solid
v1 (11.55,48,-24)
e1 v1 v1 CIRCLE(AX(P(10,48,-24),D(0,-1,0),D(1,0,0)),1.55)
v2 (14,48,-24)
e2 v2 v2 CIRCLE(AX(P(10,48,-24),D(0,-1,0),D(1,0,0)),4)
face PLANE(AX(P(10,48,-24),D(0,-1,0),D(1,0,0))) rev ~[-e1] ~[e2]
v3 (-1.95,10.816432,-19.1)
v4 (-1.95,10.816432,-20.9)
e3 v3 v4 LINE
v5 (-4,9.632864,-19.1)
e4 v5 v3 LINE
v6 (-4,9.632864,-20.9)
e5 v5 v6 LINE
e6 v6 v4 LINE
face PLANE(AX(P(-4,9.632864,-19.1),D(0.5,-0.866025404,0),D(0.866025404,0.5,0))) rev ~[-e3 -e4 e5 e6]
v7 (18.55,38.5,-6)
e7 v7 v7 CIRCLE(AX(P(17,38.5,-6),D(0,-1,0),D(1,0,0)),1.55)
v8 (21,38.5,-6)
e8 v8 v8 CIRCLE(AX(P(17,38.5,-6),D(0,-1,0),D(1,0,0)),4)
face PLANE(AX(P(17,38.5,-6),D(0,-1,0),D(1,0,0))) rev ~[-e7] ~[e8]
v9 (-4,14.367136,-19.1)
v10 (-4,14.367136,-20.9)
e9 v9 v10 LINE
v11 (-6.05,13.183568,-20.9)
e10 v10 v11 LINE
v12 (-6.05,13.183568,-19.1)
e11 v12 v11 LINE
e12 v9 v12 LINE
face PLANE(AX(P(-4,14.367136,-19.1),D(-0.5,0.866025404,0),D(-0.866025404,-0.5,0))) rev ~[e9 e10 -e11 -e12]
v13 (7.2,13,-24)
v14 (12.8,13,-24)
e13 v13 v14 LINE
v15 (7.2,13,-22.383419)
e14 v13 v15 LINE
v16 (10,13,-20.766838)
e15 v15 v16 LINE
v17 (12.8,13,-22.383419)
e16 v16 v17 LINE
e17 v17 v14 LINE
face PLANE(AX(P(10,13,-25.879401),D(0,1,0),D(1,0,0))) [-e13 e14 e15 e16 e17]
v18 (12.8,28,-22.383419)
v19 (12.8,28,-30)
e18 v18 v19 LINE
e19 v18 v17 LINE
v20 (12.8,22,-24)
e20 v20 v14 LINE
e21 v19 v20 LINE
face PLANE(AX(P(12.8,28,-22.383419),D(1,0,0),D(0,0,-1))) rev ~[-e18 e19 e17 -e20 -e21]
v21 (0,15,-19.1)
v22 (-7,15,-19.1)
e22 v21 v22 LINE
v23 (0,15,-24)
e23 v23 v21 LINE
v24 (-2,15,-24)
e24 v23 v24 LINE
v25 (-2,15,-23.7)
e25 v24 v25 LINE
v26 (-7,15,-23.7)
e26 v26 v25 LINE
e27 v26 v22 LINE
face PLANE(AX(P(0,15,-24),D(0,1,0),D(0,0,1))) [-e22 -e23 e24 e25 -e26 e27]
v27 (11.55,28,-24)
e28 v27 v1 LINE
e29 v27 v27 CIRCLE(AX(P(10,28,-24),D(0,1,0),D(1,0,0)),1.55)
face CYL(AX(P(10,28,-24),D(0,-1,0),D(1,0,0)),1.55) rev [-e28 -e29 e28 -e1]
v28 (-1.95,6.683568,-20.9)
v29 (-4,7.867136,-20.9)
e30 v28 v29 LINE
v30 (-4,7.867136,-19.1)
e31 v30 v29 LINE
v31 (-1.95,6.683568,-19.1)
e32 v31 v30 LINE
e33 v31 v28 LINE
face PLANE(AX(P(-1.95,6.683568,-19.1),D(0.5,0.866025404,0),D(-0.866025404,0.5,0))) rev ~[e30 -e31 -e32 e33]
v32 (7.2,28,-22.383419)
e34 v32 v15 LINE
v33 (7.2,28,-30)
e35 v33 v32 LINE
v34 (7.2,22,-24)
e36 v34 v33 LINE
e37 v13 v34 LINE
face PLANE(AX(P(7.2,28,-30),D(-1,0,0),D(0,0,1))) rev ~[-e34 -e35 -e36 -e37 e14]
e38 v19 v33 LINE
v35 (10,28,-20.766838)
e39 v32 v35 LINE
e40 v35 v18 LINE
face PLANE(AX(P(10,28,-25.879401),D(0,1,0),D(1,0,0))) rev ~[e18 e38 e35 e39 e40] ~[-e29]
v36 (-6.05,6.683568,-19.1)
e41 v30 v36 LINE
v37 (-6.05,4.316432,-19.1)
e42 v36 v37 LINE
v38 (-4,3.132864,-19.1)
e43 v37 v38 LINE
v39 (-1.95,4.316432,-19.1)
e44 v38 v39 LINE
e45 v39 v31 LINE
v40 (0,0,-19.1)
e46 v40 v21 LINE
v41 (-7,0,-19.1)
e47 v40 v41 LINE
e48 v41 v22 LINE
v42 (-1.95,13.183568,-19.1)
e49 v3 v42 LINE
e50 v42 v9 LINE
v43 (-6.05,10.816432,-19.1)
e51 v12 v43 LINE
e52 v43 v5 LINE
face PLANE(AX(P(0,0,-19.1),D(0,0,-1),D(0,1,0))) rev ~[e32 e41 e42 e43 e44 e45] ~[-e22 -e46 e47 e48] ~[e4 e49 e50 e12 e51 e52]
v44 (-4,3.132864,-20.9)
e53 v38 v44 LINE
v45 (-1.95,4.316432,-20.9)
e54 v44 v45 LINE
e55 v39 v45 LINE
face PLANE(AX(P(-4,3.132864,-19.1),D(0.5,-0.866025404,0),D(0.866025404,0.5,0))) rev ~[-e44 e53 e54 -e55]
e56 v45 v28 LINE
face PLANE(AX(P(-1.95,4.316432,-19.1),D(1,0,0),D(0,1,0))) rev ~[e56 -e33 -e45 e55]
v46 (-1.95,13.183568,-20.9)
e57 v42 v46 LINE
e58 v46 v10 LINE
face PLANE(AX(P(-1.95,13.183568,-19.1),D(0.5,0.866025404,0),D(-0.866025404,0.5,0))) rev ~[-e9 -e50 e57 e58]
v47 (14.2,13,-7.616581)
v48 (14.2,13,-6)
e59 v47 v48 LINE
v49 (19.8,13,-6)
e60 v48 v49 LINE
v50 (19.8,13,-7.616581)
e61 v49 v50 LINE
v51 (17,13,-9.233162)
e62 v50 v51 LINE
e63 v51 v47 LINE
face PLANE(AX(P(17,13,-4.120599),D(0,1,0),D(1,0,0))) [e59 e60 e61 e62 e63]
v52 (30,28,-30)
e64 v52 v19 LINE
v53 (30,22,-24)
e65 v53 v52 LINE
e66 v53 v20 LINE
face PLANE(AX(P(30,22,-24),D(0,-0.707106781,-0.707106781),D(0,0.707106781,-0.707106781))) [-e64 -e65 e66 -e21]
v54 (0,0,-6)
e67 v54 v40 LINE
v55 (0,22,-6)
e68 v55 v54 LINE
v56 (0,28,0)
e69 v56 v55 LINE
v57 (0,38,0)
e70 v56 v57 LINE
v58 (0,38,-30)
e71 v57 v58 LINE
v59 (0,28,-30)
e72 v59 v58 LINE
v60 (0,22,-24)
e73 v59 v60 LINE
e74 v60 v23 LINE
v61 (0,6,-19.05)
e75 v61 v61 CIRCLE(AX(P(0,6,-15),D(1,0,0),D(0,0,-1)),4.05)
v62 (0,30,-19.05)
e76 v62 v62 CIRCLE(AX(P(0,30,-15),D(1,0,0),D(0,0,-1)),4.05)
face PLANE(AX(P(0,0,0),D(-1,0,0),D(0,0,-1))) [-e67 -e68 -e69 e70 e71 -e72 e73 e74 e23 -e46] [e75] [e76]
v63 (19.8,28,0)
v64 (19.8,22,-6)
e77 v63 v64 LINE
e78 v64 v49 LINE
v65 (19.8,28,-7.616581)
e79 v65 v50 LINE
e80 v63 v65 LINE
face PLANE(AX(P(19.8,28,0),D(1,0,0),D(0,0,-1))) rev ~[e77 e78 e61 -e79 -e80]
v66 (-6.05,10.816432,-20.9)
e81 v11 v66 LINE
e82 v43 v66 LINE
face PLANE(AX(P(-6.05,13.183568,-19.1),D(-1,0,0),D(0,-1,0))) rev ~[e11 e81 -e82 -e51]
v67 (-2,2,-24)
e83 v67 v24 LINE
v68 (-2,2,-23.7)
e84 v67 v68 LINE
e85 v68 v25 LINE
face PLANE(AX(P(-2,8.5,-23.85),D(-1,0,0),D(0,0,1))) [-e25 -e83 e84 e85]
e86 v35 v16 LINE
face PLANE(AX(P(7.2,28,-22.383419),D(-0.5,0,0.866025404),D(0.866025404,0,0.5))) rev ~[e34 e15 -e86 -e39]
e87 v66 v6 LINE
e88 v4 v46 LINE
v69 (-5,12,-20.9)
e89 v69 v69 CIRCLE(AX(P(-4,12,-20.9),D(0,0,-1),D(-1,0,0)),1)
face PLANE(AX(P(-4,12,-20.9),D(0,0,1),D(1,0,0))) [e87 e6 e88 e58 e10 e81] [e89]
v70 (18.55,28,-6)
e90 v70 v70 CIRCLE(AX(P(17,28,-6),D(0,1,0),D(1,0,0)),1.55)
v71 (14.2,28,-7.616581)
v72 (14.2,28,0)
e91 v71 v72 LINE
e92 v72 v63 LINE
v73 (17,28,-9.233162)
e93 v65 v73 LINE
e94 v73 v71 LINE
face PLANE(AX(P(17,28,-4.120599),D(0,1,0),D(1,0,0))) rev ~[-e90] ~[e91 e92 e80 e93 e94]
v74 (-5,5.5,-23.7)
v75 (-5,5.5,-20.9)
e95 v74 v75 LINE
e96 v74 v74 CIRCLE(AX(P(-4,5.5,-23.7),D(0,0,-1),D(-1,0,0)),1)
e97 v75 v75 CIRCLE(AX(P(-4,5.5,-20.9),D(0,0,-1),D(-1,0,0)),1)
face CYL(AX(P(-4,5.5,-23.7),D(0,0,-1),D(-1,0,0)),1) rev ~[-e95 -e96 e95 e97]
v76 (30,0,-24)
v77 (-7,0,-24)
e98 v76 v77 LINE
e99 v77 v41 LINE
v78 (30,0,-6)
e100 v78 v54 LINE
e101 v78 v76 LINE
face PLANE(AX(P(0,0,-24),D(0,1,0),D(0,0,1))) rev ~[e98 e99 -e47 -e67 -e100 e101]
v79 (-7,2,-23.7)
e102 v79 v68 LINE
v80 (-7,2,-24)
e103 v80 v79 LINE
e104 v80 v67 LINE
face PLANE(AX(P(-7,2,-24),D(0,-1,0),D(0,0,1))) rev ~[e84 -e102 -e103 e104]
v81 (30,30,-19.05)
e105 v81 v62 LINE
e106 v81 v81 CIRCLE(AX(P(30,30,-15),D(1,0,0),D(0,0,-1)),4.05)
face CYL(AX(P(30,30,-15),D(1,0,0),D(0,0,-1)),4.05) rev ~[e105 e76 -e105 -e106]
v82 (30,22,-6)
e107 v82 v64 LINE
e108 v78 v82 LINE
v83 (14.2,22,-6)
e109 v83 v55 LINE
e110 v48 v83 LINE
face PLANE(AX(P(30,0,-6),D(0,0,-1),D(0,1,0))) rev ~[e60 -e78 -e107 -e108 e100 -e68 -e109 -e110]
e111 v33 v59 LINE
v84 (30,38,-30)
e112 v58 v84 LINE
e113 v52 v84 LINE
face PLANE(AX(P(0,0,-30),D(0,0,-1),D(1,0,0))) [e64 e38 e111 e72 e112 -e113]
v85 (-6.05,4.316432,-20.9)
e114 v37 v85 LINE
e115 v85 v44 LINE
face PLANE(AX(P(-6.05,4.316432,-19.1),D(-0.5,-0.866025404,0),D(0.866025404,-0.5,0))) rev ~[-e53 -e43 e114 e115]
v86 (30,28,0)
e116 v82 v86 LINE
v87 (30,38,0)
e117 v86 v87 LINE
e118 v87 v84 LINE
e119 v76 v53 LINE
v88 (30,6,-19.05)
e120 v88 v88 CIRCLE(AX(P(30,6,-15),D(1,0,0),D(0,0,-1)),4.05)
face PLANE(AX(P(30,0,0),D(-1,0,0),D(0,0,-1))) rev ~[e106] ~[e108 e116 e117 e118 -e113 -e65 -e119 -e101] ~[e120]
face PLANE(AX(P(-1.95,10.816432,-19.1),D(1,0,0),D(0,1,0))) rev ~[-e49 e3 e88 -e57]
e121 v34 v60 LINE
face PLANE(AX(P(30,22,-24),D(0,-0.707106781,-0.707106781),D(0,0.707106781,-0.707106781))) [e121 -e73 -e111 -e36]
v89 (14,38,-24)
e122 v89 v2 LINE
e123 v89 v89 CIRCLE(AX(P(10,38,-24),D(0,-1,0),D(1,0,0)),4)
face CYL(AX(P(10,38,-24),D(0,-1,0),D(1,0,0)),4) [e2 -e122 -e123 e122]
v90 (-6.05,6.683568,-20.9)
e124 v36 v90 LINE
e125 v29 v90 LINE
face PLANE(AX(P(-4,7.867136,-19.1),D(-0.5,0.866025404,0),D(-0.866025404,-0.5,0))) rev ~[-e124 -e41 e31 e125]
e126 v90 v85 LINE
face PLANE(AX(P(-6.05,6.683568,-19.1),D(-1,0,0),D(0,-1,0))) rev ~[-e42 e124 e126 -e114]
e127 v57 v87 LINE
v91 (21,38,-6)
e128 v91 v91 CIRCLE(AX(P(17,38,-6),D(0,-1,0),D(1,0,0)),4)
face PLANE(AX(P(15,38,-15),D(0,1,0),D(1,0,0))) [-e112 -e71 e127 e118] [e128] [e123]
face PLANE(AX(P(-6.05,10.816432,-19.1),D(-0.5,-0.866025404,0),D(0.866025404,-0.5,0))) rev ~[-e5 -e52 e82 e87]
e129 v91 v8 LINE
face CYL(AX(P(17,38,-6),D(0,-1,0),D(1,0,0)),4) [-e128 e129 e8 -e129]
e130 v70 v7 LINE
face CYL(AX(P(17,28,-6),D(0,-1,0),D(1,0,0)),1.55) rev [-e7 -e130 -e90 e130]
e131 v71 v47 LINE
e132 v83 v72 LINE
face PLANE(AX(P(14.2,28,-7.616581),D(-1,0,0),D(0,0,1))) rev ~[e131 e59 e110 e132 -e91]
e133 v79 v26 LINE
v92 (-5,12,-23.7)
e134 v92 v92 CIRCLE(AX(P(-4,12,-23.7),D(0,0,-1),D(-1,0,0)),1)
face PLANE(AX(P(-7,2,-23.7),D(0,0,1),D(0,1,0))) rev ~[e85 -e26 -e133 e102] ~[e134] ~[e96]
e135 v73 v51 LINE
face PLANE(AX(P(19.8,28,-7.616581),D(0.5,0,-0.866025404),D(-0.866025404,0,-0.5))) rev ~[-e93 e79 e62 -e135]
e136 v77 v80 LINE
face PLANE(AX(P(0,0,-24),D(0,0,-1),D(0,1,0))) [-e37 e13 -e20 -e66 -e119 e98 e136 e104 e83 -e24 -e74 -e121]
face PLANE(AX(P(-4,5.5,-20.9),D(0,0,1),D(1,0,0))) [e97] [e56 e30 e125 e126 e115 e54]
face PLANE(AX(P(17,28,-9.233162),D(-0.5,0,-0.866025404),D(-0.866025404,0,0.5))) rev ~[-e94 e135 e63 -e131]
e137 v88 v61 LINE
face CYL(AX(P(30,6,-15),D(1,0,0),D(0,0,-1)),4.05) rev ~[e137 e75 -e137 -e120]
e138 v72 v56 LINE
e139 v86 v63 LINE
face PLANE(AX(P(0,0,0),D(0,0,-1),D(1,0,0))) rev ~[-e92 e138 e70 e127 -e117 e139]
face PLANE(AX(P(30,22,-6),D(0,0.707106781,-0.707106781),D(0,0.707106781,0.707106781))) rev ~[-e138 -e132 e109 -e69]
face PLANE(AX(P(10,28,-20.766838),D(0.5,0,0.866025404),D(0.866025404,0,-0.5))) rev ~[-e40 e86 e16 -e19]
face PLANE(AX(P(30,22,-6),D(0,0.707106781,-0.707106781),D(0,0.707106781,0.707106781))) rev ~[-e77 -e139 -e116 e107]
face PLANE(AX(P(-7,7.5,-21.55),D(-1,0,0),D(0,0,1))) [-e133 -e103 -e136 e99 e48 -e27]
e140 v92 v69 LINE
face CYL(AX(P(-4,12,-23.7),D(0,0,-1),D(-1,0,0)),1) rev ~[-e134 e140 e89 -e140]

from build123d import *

# Parameters (mm, degrees)
SKETCH_1_W           = 30
SKETCH_1_H           = 30
EXTRUDE_1_DEPTH      = 38
SKETCH_3_R           = 4
EXTRUDE_3_DEPTH      = 10
SKETCH_7_R           = 4
EXTRUDE_4_DEPTH      = 0.5
SKETCH_6_R           = 4.05
CUT_EXTRUDE_3_DEPTH  = 31
SKETCH_9_R           = 1.55
CUT_EXTRUDE_4_DEPTH  = 21
CUT_EXTRUDE_6_DEPTH  = 31
CUT_EXTRUDE_5_DEPTH  = 15
SKETCH_12_W          = 4.9
SKETCH_12_H          = 15
EXTRUDE_5_DEPTH      = 7
SKETCH_14_W          = 0.3
SKETCH_14_H          = 13
CUT_EXTRUDE_7_DEPTH  = 5
SKETCH_15_R          = 1
CUT_EXTRUDE_8_DEPTH  = 24.7
CUT_EXTRUDE_10_DEPTH = 1.8


with BuildPart() as part:
    # 草图1 → 凸台-拉伸1 (new body)
    with BuildSketch(Plane(origin=(0, 0, 0), x_dir=(1, 0, 0), z_dir=(0, 1, 0))):
        with Locations((15, 15)):
            Rectangle(SKETCH_1_W, SKETCH_1_H)
    extrude(amount=EXTRUDE_1_DEPTH)

    # 草图3 → 凸台-拉伸3 (add)
    with BuildSketch(Plane(origin=(0, 38, -50), x_dir=(1, 0, 0), z_dir=(0, -1, 0))):
        with Locations((10, 26)):
            Circle(SKETCH_3_R)
    extrude(amount=-EXTRUDE_3_DEPTH)

    # 草图7 → 凸台-拉伸4 (add)
    with BuildSketch(Plane.XZ.offset(-38)):
        with Locations((17, -6)):
            Circle(SKETCH_7_R)
    extrude(amount=-EXTRUDE_4_DEPTH)

    # 草图6 → 切除-拉伸3 (cut, through all)
    with BuildSketch(Plane(origin=(30, 0, 0), x_dir=(0, 0, -1), z_dir=(1, 0, 0))):
        with Locations((15, 6)):
            Circle(SKETCH_6_R)
        with Locations((15, 30)):
            Circle(SKETCH_6_R)
    extrude(amount=-CUT_EXTRUDE_3_DEPTH, mode=Mode.SUBTRACT)

    # 草图9 → 切除-拉伸4 (cut, through all)
    with BuildSketch(Plane(origin=(0, 28, 0), x_dir=(1, 0, 0), z_dir=(0, 1, 0))):
        with Locations((17, 6)):
            Circle(SKETCH_9_R)
        with Locations((10, 24)):
            Circle(SKETCH_9_R)
    extrude(amount=CUT_EXTRUDE_4_DEPTH, mode=Mode.SUBTRACT)

    # 草图11 → 切除-拉伸6 (cut, through all)
    with BuildSketch(Plane(origin=(30, 0, 0), x_dir=(0, 0, -1), z_dir=(1, 0, 0))):
        Polygon((6, 0), (6, 22), (0, 28), (0, 0), align=None)
        Polygon((24, 0), (24, 22), (30, 28), (30, 0), align=None)
    extrude(amount=-CUT_EXTRUDE_6_DEPTH, mode=Mode.SUBTRACT)

    # 草图10 → 切除-拉伸5 (cut)
    with BuildSketch(Plane(origin=(0, 28, 0), x_dir=(1, 0, 0), z_dir=(0, 1, 0))):
        Polygon((19.8, 0), (19.8, 7.616580754), (17, 9.233161507), (14.2, 7.616580754), (14.2, 0), align=None)
        Polygon((10, 20.766838493), (12.8, 22.383419246), (12.8, 30), (7.2, 30), (7.2, 22.383419246), align=None)
    extrude(amount=-CUT_EXTRUDE_5_DEPTH, mode=Mode.SUBTRACT)

    # 草图12 → 凸台-拉伸5 (add)
    with BuildSketch(Plane.ZY):
        with Locations((-21.55, 7.5)):
            Rectangle(SKETCH_12_W, SKETCH_12_H)
    extrude(amount=EXTRUDE_5_DEPTH)

    # 草图14 → 切除-拉伸7 (cut)
    with BuildSketch(Plane.ZY.offset(7)):
        with Locations((-23.85, 8.5)):
            Rectangle(SKETCH_14_W, SKETCH_14_H)
    extrude(amount=-CUT_EXTRUDE_7_DEPTH, mode=Mode.SUBTRACT)

    # 草图15 → 切除-拉伸8 (cut, through all)
    with BuildSketch(Plane(origin=(0, 0, -23.7), x_dir=(-1, 0, 0), z_dir=(0, 0, -1))):
        with Locations((4, 12)):
            Circle(SKETCH_15_R)
        with Locations((4, 5.5)):
            Circle(SKETCH_15_R)
    extrude(amount=-CUT_EXTRUDE_8_DEPTH, mode=Mode.SUBTRACT)

    # 草图17 → 切除-拉伸10 (cut)
    with BuildSketch(Plane.XY.offset(-19.1)):
        Polygon((-1.95, 10.816431948), (-1.95, 13.183568052), (-4, 14.367136104), (-6.05, 13.183568052), (-6.05, 10.816431948), (-4, 9.632863896), align=None)
        Polygon((-1.95, 4.316431948), (-1.95, 6.683568052), (-4, 7.867136104), (-6.05, 6.683568052), (-6.05, 4.316431948), (-4, 3.132863896), align=None)
    extrude(amount=-CUT_EXTRUDE_10_DEPTH, mode=Mode.SUBTRACT)


solid = part.part
